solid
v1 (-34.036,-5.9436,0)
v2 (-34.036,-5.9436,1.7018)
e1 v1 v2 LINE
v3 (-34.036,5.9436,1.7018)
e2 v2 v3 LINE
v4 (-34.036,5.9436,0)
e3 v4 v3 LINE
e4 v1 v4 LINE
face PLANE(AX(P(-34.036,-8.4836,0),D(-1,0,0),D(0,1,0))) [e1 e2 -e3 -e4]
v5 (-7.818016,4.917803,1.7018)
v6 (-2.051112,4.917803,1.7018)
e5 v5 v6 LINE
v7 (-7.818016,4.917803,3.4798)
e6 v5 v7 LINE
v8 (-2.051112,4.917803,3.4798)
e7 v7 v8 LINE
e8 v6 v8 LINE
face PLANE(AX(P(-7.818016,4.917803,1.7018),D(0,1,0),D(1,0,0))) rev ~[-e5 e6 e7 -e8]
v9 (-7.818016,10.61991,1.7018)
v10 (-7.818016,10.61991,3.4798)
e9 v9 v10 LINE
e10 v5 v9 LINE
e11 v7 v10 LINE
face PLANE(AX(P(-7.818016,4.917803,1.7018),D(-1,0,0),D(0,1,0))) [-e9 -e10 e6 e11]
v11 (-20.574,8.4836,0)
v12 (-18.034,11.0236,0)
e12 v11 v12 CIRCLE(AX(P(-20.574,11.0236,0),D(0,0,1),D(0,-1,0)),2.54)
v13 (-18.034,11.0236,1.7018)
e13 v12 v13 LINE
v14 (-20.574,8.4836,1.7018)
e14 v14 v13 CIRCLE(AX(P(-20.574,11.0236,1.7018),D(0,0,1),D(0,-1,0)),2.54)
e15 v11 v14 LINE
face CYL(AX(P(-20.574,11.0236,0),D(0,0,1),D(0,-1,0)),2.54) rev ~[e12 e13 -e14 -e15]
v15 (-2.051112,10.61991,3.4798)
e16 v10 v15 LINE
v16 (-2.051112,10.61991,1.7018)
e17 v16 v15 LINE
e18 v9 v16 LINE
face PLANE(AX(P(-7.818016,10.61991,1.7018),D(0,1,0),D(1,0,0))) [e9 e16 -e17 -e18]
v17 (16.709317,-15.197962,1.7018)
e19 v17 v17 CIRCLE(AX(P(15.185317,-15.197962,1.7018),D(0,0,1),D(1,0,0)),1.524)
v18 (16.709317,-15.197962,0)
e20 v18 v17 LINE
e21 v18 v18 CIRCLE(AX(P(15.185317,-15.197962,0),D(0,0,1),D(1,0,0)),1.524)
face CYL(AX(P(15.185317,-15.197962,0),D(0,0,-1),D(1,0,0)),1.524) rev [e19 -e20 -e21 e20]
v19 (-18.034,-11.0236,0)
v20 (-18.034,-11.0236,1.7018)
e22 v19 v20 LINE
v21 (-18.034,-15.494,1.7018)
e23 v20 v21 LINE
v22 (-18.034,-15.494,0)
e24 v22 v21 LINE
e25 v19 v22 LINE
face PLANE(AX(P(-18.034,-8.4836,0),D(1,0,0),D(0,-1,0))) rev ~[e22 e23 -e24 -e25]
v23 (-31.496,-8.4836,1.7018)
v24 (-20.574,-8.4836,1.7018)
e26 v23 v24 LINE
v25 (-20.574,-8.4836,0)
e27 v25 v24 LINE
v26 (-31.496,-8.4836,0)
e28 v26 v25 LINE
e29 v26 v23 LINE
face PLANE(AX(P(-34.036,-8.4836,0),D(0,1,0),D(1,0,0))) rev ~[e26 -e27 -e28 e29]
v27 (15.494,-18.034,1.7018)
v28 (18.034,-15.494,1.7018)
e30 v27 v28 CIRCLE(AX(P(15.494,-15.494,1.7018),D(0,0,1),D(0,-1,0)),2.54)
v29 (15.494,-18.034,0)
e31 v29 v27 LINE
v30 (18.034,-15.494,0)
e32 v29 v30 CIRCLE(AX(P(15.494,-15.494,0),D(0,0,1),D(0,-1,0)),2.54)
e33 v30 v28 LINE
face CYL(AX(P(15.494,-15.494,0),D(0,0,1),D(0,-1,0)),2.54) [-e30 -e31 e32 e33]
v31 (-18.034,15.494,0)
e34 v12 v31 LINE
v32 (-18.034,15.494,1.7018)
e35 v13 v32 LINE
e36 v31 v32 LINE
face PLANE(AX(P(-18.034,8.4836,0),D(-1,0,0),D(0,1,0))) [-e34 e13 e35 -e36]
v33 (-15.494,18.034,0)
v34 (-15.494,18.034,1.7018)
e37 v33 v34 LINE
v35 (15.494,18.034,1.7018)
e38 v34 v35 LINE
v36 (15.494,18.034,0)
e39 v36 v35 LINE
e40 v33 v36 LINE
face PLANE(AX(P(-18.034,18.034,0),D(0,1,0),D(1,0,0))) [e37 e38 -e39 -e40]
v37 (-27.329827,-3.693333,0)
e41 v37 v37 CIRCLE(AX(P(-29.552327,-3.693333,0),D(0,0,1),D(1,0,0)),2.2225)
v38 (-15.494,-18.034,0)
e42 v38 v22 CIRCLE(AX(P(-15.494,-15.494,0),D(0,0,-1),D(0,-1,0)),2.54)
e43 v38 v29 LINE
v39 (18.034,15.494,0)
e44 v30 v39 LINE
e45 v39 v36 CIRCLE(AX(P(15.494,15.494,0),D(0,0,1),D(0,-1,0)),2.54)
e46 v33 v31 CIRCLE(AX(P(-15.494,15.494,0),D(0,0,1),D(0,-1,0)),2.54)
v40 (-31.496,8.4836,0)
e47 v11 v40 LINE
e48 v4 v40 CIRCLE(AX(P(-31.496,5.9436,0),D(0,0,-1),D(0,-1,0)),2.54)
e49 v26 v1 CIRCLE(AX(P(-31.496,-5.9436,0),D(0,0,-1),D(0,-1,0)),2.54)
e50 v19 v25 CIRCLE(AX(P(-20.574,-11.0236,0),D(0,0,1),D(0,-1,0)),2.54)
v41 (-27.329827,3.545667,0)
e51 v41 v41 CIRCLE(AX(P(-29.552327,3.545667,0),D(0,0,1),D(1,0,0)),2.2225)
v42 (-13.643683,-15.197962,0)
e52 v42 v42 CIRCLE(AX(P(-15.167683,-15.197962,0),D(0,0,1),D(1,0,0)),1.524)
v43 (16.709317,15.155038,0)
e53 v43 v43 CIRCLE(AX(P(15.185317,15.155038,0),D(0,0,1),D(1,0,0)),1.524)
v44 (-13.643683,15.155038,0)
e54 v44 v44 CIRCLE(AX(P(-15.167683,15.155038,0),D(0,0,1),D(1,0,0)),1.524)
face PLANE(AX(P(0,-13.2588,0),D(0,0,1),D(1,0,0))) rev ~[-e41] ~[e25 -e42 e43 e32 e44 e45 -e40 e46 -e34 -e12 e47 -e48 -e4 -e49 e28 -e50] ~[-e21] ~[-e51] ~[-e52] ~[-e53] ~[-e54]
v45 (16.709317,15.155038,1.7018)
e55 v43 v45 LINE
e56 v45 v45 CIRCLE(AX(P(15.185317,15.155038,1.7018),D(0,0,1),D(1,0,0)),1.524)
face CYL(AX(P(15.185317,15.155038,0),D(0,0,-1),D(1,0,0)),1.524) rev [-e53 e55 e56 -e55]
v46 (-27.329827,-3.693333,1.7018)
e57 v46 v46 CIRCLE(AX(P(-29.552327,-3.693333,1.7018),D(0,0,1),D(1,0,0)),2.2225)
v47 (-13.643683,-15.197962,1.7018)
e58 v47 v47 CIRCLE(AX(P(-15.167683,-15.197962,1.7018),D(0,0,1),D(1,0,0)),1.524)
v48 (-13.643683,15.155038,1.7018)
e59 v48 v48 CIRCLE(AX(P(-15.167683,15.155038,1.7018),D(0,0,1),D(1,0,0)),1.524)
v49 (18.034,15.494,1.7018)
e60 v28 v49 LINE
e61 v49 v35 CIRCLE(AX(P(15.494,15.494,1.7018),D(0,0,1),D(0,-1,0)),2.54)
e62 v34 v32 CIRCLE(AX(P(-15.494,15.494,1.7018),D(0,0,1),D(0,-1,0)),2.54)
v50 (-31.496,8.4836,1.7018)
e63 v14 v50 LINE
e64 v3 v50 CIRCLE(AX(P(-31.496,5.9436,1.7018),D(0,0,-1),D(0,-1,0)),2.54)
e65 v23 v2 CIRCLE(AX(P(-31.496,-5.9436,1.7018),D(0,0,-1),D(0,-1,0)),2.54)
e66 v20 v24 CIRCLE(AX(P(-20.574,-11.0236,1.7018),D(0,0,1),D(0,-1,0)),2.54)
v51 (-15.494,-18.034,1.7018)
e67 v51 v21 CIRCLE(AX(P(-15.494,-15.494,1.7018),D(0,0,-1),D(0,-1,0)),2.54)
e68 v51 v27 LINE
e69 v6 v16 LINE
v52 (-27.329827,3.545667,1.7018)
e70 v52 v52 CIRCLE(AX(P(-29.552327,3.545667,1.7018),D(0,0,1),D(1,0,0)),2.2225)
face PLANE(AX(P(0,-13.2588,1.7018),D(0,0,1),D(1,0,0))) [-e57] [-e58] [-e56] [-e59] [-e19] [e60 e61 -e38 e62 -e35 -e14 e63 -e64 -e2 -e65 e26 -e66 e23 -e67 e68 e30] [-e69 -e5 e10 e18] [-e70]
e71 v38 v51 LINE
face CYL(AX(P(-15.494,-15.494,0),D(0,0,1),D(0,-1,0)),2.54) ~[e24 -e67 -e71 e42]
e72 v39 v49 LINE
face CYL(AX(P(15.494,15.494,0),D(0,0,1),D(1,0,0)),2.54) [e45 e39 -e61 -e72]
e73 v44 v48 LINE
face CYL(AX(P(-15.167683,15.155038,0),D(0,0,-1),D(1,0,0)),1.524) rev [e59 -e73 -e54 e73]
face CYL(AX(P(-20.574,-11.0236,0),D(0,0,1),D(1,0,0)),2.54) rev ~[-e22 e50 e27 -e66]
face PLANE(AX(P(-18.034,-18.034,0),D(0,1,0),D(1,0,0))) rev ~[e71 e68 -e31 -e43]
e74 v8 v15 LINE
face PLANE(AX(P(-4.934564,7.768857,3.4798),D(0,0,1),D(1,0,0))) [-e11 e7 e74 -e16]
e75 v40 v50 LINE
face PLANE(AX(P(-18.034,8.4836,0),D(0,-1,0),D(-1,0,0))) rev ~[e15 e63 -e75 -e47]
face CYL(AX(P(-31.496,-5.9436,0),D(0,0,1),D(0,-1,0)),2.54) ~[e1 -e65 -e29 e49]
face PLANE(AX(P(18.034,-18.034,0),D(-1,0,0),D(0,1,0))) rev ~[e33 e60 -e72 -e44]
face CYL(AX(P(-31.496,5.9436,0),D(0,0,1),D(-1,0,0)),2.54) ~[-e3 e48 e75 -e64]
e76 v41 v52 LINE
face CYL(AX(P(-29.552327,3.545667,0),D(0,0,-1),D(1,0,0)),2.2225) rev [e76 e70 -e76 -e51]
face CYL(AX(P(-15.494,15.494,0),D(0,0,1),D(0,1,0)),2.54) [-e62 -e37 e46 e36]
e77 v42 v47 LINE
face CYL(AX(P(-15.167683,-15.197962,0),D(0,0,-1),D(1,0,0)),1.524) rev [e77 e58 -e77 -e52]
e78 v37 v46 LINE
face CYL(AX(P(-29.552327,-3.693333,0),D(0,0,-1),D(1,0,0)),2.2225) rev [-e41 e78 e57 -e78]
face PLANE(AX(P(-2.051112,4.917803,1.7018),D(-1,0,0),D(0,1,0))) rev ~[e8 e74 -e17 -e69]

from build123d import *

# Parameters (mm, degrees)
F0_W     = 36.068
F0_H     = 9.5504
F0_R     = 1.524
F0_H_2   = 16.9672
F0_W_2   = 16.002
F0_R_2   = 2.2225
F1_DEPTH = 1.7018
F2_R     = 2.54
F3_R     = 2.54
F4_W     = 5.766904
F4_H     = 5.702107
F5_DEPTH = 1.778


with BuildPart() as f1:
    # F0 (on Top) → F1 (new body)
    with BuildSketch(Plane.XY):
        with Locations((0, -13.2588)):
            Rectangle(F0_W, F0_H)
        with Locations((-15.167683, -15.197962)):
            Circle(F0_R, mode=Mode.SUBTRACT)
        with Locations((15.185317, -15.197962)):
            Circle(F0_R, mode=Mode.SUBTRACT)
        Rectangle(F0_W, F0_H_2)
        with Locations((-26.035, 0)):
            Rectangle(F0_W_2, F0_H_2)
        with Locations((-29.552327, -3.693333)):
            Circle(F0_R_2, mode=Mode.SUBTRACT)
        with Locations((-29.552327, 3.545667)):
            Circle(F0_R_2, mode=Mode.SUBTRACT)
        with Locations((0, 13.2588)):
            Rectangle(F0_W, F0_H)
        with Locations((-15.167683, 15.155038)):
            Circle(F0_R, mode=Mode.SUBTRACT)
        with Locations((15.185317, 15.155038)):
            Circle(F0_R, mode=Mode.SUBTRACT)
    extrude(amount=F1_DEPTH)

    # F2
    f2_edges = [f1.edges().sort_by_distance(p)[0] for p in [
        (-18.034, 18.034, 0.8509),
        (-18.034, -18.034, 0.8509),
        (18.034, -18.034, 0.8509),
        (18.034, 18.034, 0.8509),
    ]]
    fillet(f2_edges, radius=F2_R)

    # F3
    f3_edges = [f1.edges().sort_by_distance(p)[0] for p in [
        (-18.034, 8.4836, 0.8509),
        (-18.034, -8.4836, 0.8509),
        (-34.036, -8.4836, 0.8509),
        (-34.036, 8.4836, 0.8509),
    ]]
    fillet(f3_edges, radius=F3_R)

    # F4 (on face) → F5 (join)
    with BuildSketch(Plane.XY.offset(1.7018)):
        with Locations((-4.934564, 7.768857)):
            Rectangle(F4_W, F4_H)
    extrude(amount=F5_DEPTH)


solid = f1.part
